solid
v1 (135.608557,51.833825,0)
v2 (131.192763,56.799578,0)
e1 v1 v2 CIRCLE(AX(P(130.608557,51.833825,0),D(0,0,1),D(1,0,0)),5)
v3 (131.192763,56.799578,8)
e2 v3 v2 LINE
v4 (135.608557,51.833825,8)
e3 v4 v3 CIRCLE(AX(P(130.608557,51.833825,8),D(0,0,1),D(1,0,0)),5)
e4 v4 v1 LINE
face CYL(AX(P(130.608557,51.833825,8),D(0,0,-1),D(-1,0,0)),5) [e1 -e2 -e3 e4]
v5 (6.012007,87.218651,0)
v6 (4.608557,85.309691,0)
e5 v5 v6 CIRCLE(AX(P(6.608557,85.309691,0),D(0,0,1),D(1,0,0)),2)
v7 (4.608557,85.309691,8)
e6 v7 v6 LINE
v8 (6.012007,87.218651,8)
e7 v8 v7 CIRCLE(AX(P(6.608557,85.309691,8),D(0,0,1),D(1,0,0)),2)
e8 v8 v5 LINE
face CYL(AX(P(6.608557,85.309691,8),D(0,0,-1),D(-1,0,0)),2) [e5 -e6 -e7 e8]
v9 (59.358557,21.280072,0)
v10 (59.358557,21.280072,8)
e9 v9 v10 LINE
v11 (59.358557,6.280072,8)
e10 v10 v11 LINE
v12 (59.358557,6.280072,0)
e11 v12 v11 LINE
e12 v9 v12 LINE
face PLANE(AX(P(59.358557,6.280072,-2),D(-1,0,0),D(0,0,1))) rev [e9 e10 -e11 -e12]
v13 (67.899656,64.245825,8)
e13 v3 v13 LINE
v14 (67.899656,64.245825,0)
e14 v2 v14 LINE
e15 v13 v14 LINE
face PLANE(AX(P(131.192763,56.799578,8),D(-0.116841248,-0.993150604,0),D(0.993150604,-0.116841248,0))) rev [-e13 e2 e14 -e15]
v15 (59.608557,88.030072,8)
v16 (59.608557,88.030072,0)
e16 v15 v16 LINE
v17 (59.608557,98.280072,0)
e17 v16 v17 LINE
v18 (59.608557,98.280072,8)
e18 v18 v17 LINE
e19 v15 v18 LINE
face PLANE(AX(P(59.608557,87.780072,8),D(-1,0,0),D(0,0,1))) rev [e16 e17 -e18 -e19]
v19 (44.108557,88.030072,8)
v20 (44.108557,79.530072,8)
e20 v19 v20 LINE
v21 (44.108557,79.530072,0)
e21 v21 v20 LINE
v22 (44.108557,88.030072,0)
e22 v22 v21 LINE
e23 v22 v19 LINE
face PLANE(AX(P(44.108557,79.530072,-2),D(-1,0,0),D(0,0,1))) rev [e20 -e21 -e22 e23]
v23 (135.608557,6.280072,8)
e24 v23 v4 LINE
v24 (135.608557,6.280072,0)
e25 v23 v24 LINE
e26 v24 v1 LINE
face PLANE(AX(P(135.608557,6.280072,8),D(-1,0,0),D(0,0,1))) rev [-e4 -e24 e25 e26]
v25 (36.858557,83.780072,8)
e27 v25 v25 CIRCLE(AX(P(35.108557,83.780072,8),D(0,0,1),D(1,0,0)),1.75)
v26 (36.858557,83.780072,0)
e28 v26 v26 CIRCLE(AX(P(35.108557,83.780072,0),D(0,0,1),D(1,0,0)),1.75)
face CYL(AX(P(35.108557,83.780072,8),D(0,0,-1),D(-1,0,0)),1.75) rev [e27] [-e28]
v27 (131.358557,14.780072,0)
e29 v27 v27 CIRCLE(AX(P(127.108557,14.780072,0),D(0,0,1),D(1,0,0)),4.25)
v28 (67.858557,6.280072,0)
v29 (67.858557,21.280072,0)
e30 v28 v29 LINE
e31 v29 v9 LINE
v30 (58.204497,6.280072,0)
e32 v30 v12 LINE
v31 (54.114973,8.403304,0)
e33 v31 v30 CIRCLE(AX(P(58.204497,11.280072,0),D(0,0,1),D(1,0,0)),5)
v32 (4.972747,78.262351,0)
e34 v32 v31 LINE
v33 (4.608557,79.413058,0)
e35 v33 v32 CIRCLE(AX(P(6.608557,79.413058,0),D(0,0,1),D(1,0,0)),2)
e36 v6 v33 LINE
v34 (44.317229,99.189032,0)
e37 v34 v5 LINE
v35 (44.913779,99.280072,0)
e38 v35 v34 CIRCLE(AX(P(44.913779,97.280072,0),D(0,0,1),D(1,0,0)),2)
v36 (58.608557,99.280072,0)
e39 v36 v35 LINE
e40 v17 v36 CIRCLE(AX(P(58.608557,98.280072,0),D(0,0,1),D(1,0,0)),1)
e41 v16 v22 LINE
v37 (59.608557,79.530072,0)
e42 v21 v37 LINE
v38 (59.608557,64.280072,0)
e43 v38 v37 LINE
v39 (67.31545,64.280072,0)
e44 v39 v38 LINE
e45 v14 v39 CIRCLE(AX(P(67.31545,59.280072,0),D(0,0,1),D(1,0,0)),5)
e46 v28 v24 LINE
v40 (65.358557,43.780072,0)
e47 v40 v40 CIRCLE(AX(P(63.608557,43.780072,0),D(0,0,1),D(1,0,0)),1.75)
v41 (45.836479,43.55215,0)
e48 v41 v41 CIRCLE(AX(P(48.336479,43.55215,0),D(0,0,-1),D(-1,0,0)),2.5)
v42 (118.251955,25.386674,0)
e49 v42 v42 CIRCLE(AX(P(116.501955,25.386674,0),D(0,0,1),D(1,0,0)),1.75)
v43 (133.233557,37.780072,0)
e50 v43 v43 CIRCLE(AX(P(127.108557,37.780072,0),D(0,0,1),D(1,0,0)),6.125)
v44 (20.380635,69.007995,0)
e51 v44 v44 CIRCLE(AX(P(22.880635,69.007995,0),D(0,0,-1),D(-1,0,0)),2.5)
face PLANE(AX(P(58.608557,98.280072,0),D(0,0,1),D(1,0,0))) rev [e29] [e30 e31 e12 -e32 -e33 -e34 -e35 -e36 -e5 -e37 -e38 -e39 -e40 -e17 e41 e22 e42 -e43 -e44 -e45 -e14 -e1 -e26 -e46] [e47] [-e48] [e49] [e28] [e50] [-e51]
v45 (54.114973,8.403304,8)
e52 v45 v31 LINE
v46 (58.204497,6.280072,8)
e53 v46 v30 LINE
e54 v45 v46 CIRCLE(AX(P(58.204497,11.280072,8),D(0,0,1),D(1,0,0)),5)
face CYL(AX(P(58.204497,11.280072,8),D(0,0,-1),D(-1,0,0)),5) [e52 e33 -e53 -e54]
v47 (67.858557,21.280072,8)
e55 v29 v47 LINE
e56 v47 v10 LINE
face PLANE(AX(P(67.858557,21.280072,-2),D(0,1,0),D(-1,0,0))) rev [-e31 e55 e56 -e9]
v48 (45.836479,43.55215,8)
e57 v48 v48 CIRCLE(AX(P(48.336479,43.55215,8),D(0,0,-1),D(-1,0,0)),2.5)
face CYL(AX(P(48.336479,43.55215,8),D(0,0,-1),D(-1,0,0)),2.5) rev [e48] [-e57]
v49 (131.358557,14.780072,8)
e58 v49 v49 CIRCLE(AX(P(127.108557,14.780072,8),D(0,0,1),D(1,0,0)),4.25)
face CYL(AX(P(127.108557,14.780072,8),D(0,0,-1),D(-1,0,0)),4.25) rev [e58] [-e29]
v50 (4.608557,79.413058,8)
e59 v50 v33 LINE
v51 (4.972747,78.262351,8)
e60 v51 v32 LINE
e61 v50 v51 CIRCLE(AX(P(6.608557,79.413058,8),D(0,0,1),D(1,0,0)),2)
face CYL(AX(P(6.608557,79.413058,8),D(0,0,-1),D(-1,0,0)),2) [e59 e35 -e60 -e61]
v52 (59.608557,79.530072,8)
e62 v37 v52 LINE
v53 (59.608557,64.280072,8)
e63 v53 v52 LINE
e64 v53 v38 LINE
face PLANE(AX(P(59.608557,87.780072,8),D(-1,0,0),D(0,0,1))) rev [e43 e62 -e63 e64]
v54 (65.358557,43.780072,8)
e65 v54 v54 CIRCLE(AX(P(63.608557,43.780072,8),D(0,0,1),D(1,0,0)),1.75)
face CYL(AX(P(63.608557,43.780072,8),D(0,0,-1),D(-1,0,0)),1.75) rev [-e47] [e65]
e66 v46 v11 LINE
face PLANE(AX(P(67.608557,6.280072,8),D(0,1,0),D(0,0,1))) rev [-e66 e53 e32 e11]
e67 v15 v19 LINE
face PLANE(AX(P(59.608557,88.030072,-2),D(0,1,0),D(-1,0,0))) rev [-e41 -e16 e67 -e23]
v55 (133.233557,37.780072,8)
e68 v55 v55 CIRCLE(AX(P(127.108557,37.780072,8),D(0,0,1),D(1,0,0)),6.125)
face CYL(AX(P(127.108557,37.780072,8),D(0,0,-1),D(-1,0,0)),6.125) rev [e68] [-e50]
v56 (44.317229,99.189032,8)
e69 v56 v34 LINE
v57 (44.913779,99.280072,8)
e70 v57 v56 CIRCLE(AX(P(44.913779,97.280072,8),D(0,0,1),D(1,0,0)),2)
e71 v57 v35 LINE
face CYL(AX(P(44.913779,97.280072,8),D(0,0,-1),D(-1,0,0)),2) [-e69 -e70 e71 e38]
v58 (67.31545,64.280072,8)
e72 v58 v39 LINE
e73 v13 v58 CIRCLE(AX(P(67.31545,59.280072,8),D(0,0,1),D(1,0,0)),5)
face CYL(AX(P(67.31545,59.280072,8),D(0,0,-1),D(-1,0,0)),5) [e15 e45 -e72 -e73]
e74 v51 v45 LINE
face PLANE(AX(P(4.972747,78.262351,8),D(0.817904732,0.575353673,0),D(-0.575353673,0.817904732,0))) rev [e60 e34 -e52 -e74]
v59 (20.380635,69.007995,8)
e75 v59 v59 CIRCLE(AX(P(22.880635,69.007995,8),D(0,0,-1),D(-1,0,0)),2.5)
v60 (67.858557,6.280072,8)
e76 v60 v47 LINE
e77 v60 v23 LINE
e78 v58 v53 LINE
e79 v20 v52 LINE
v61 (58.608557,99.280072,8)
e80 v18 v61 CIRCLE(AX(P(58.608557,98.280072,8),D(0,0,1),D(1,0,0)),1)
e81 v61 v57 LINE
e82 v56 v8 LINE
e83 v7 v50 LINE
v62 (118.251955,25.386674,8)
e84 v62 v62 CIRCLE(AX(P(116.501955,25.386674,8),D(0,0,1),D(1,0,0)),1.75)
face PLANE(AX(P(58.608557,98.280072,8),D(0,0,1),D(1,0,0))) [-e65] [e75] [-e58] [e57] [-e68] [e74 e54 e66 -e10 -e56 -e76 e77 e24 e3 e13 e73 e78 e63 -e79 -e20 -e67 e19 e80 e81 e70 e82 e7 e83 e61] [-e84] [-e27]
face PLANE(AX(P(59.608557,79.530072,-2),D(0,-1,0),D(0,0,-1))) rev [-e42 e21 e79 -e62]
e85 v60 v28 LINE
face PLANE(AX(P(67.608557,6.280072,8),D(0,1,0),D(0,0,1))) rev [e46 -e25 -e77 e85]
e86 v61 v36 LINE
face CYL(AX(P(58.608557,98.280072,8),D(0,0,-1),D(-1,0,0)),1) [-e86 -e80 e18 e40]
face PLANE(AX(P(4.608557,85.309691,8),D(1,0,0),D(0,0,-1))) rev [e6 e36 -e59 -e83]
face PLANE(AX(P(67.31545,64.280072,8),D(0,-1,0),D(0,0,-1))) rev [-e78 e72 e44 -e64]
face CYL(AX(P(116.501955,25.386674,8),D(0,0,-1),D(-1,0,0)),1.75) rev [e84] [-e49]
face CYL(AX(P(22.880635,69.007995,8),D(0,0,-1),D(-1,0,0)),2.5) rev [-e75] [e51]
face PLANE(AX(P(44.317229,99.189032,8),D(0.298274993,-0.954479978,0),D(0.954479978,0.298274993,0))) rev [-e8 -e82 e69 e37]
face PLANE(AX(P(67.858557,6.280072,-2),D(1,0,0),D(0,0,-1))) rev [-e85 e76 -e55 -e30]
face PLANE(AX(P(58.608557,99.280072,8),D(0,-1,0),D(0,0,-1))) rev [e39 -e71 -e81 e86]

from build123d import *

# Parameters (mm, degrees)
SKETCH2_R          = 6.125
SKETCH2_R_2        = 4.25
SKETCH2_R_3        = 1.75
EXTRUDE1_DEPTH     = 8
SKETCH3_W          = 8.5
SKETCH3_H          = 15
SKETCH3_W_2        = 15.5
SKETCH3_H_2        = 8.5
EXTRUDE2_DEPTH     = 10
SKETCH4_R          = 2.5
CUT_EXTRUDE1_DEPTH = 169.256392057


with BuildPart() as part:
    # Sketch2 → Extrude1 (new body)
    with BuildSketch(Plane.XY):
        with BuildLine():
            Line((59.608556798, 87.780072478), (59.608556798, 79.780072478))
            Line((59.608556798, 79.780072478), (59.608556798, 64.280072478))
            Line((59.608556798, 64.280072478), (67.315449876, 64.280072478))
            ThreePointArc((67.315449876, 64.280072478), (67.608054466, 64.27150339), (67.899656114, 64.2458255))
            Line((67.899656114, 64.2458255), (131.192763036, 56.799577626))
            ThreePointArc((131.192763036, 56.799577626), (134.344934134, 55.156396561), (135.608556798, 51.833824605))
            Line((135.608556798, 51.833824605), (135.608556798, 6.280072478))
            Line((135.608556798, 6.280072478), (67.608556798, 6.280072478))
            Line((67.608556798, 6.280072478), (59.608556798, 6.280072478))
            Line((59.608556798, 6.280072478), (58.204496826, 6.280072478))
            ThreePointArc((58.204496826, 6.280072478), (55.900569943, 6.842514488), (54.114973167, 8.403304111))
            Line((54.114973167, 8.403304111), (4.972747334, 78.262350637))
            ThreePointArc((4.972747334, 78.262350637), (4.70177693, 78.809575974), (4.608556798, 79.413057984))
            Line((4.608556798, 79.413057984), (4.608556798, 85.309690651))
            ThreePointArc((4.608556798, 85.309690651), (4.997175407, 86.494363608), (6.012006812, 87.218650607))
            Line((6.012006812, 87.218650607), (44.317228657, 99.189032434))
            ThreePointArc((44.317228657, 99.189032434), (44.612050216, 99.257181467), (44.913778644, 99.280072478))
            Line((44.913778644, 99.280072478), (58.608556798, 99.280072478))
            ThreePointArc((58.608556798, 99.280072478), (59.315663579, 98.987179259), (59.608556798, 98.280072478))
            Line((59.608556798, 98.280072478), (59.608556798, 87.780072478))
        make_face()
        with Locations((127.108556798, 37.780072478)):
            Circle(SKETCH2_R, mode=Mode.SUBTRACT)
        with Locations((127.108556798, 14.780072478)):
            Circle(SKETCH2_R_2, mode=Mode.SUBTRACT)
        with Locations((116.501954798, 25.386674196)):
            Circle(SKETCH2_R_3, mode=Mode.SUBTRACT)
        with Locations((63.608556798, 43.780072478)):
            Circle(SKETCH2_R_3, mode=Mode.SUBTRACT)
        with Locations((35.108556798, 83.780072478)):
            Circle(SKETCH2_R_3, mode=Mode.SUBTRACT)
    extrude(amount=EXTRUDE1_DEPTH)

    # Sketch3 → Extrude2 (cut)
    with BuildSketch(Plane.XY.offset(8)):
        with Locations((63.608556798, 13.780072478)):
            Rectangle(SKETCH3_W, SKETCH3_H)
        with Locations((51.858556798, 83.780072478)):
            Rectangle(SKETCH3_W_2, SKETCH3_H_2)
    extrude(amount=-EXTRUDE2_DEPTH, mode=Mode.SUBTRACT)

    # Sketch4 → Cut-Extrude1 (cut, through all)
    with BuildSketch(Plane(origin=(0, 0, 0), x_dir=(-1, 0, 0), z_dir=(0, 0, -1))):
        with Locations((-22.880634737, 69.007994539)):
            Circle(SKETCH4_R)
        with Locations((-48.336478859, 43.552150417)):
            Circle(SKETCH4_R)
    extrude(amount=-CUT_EXTRUDE1_DEPTH, mode=Mode.SUBTRACT)


solid = part.part
